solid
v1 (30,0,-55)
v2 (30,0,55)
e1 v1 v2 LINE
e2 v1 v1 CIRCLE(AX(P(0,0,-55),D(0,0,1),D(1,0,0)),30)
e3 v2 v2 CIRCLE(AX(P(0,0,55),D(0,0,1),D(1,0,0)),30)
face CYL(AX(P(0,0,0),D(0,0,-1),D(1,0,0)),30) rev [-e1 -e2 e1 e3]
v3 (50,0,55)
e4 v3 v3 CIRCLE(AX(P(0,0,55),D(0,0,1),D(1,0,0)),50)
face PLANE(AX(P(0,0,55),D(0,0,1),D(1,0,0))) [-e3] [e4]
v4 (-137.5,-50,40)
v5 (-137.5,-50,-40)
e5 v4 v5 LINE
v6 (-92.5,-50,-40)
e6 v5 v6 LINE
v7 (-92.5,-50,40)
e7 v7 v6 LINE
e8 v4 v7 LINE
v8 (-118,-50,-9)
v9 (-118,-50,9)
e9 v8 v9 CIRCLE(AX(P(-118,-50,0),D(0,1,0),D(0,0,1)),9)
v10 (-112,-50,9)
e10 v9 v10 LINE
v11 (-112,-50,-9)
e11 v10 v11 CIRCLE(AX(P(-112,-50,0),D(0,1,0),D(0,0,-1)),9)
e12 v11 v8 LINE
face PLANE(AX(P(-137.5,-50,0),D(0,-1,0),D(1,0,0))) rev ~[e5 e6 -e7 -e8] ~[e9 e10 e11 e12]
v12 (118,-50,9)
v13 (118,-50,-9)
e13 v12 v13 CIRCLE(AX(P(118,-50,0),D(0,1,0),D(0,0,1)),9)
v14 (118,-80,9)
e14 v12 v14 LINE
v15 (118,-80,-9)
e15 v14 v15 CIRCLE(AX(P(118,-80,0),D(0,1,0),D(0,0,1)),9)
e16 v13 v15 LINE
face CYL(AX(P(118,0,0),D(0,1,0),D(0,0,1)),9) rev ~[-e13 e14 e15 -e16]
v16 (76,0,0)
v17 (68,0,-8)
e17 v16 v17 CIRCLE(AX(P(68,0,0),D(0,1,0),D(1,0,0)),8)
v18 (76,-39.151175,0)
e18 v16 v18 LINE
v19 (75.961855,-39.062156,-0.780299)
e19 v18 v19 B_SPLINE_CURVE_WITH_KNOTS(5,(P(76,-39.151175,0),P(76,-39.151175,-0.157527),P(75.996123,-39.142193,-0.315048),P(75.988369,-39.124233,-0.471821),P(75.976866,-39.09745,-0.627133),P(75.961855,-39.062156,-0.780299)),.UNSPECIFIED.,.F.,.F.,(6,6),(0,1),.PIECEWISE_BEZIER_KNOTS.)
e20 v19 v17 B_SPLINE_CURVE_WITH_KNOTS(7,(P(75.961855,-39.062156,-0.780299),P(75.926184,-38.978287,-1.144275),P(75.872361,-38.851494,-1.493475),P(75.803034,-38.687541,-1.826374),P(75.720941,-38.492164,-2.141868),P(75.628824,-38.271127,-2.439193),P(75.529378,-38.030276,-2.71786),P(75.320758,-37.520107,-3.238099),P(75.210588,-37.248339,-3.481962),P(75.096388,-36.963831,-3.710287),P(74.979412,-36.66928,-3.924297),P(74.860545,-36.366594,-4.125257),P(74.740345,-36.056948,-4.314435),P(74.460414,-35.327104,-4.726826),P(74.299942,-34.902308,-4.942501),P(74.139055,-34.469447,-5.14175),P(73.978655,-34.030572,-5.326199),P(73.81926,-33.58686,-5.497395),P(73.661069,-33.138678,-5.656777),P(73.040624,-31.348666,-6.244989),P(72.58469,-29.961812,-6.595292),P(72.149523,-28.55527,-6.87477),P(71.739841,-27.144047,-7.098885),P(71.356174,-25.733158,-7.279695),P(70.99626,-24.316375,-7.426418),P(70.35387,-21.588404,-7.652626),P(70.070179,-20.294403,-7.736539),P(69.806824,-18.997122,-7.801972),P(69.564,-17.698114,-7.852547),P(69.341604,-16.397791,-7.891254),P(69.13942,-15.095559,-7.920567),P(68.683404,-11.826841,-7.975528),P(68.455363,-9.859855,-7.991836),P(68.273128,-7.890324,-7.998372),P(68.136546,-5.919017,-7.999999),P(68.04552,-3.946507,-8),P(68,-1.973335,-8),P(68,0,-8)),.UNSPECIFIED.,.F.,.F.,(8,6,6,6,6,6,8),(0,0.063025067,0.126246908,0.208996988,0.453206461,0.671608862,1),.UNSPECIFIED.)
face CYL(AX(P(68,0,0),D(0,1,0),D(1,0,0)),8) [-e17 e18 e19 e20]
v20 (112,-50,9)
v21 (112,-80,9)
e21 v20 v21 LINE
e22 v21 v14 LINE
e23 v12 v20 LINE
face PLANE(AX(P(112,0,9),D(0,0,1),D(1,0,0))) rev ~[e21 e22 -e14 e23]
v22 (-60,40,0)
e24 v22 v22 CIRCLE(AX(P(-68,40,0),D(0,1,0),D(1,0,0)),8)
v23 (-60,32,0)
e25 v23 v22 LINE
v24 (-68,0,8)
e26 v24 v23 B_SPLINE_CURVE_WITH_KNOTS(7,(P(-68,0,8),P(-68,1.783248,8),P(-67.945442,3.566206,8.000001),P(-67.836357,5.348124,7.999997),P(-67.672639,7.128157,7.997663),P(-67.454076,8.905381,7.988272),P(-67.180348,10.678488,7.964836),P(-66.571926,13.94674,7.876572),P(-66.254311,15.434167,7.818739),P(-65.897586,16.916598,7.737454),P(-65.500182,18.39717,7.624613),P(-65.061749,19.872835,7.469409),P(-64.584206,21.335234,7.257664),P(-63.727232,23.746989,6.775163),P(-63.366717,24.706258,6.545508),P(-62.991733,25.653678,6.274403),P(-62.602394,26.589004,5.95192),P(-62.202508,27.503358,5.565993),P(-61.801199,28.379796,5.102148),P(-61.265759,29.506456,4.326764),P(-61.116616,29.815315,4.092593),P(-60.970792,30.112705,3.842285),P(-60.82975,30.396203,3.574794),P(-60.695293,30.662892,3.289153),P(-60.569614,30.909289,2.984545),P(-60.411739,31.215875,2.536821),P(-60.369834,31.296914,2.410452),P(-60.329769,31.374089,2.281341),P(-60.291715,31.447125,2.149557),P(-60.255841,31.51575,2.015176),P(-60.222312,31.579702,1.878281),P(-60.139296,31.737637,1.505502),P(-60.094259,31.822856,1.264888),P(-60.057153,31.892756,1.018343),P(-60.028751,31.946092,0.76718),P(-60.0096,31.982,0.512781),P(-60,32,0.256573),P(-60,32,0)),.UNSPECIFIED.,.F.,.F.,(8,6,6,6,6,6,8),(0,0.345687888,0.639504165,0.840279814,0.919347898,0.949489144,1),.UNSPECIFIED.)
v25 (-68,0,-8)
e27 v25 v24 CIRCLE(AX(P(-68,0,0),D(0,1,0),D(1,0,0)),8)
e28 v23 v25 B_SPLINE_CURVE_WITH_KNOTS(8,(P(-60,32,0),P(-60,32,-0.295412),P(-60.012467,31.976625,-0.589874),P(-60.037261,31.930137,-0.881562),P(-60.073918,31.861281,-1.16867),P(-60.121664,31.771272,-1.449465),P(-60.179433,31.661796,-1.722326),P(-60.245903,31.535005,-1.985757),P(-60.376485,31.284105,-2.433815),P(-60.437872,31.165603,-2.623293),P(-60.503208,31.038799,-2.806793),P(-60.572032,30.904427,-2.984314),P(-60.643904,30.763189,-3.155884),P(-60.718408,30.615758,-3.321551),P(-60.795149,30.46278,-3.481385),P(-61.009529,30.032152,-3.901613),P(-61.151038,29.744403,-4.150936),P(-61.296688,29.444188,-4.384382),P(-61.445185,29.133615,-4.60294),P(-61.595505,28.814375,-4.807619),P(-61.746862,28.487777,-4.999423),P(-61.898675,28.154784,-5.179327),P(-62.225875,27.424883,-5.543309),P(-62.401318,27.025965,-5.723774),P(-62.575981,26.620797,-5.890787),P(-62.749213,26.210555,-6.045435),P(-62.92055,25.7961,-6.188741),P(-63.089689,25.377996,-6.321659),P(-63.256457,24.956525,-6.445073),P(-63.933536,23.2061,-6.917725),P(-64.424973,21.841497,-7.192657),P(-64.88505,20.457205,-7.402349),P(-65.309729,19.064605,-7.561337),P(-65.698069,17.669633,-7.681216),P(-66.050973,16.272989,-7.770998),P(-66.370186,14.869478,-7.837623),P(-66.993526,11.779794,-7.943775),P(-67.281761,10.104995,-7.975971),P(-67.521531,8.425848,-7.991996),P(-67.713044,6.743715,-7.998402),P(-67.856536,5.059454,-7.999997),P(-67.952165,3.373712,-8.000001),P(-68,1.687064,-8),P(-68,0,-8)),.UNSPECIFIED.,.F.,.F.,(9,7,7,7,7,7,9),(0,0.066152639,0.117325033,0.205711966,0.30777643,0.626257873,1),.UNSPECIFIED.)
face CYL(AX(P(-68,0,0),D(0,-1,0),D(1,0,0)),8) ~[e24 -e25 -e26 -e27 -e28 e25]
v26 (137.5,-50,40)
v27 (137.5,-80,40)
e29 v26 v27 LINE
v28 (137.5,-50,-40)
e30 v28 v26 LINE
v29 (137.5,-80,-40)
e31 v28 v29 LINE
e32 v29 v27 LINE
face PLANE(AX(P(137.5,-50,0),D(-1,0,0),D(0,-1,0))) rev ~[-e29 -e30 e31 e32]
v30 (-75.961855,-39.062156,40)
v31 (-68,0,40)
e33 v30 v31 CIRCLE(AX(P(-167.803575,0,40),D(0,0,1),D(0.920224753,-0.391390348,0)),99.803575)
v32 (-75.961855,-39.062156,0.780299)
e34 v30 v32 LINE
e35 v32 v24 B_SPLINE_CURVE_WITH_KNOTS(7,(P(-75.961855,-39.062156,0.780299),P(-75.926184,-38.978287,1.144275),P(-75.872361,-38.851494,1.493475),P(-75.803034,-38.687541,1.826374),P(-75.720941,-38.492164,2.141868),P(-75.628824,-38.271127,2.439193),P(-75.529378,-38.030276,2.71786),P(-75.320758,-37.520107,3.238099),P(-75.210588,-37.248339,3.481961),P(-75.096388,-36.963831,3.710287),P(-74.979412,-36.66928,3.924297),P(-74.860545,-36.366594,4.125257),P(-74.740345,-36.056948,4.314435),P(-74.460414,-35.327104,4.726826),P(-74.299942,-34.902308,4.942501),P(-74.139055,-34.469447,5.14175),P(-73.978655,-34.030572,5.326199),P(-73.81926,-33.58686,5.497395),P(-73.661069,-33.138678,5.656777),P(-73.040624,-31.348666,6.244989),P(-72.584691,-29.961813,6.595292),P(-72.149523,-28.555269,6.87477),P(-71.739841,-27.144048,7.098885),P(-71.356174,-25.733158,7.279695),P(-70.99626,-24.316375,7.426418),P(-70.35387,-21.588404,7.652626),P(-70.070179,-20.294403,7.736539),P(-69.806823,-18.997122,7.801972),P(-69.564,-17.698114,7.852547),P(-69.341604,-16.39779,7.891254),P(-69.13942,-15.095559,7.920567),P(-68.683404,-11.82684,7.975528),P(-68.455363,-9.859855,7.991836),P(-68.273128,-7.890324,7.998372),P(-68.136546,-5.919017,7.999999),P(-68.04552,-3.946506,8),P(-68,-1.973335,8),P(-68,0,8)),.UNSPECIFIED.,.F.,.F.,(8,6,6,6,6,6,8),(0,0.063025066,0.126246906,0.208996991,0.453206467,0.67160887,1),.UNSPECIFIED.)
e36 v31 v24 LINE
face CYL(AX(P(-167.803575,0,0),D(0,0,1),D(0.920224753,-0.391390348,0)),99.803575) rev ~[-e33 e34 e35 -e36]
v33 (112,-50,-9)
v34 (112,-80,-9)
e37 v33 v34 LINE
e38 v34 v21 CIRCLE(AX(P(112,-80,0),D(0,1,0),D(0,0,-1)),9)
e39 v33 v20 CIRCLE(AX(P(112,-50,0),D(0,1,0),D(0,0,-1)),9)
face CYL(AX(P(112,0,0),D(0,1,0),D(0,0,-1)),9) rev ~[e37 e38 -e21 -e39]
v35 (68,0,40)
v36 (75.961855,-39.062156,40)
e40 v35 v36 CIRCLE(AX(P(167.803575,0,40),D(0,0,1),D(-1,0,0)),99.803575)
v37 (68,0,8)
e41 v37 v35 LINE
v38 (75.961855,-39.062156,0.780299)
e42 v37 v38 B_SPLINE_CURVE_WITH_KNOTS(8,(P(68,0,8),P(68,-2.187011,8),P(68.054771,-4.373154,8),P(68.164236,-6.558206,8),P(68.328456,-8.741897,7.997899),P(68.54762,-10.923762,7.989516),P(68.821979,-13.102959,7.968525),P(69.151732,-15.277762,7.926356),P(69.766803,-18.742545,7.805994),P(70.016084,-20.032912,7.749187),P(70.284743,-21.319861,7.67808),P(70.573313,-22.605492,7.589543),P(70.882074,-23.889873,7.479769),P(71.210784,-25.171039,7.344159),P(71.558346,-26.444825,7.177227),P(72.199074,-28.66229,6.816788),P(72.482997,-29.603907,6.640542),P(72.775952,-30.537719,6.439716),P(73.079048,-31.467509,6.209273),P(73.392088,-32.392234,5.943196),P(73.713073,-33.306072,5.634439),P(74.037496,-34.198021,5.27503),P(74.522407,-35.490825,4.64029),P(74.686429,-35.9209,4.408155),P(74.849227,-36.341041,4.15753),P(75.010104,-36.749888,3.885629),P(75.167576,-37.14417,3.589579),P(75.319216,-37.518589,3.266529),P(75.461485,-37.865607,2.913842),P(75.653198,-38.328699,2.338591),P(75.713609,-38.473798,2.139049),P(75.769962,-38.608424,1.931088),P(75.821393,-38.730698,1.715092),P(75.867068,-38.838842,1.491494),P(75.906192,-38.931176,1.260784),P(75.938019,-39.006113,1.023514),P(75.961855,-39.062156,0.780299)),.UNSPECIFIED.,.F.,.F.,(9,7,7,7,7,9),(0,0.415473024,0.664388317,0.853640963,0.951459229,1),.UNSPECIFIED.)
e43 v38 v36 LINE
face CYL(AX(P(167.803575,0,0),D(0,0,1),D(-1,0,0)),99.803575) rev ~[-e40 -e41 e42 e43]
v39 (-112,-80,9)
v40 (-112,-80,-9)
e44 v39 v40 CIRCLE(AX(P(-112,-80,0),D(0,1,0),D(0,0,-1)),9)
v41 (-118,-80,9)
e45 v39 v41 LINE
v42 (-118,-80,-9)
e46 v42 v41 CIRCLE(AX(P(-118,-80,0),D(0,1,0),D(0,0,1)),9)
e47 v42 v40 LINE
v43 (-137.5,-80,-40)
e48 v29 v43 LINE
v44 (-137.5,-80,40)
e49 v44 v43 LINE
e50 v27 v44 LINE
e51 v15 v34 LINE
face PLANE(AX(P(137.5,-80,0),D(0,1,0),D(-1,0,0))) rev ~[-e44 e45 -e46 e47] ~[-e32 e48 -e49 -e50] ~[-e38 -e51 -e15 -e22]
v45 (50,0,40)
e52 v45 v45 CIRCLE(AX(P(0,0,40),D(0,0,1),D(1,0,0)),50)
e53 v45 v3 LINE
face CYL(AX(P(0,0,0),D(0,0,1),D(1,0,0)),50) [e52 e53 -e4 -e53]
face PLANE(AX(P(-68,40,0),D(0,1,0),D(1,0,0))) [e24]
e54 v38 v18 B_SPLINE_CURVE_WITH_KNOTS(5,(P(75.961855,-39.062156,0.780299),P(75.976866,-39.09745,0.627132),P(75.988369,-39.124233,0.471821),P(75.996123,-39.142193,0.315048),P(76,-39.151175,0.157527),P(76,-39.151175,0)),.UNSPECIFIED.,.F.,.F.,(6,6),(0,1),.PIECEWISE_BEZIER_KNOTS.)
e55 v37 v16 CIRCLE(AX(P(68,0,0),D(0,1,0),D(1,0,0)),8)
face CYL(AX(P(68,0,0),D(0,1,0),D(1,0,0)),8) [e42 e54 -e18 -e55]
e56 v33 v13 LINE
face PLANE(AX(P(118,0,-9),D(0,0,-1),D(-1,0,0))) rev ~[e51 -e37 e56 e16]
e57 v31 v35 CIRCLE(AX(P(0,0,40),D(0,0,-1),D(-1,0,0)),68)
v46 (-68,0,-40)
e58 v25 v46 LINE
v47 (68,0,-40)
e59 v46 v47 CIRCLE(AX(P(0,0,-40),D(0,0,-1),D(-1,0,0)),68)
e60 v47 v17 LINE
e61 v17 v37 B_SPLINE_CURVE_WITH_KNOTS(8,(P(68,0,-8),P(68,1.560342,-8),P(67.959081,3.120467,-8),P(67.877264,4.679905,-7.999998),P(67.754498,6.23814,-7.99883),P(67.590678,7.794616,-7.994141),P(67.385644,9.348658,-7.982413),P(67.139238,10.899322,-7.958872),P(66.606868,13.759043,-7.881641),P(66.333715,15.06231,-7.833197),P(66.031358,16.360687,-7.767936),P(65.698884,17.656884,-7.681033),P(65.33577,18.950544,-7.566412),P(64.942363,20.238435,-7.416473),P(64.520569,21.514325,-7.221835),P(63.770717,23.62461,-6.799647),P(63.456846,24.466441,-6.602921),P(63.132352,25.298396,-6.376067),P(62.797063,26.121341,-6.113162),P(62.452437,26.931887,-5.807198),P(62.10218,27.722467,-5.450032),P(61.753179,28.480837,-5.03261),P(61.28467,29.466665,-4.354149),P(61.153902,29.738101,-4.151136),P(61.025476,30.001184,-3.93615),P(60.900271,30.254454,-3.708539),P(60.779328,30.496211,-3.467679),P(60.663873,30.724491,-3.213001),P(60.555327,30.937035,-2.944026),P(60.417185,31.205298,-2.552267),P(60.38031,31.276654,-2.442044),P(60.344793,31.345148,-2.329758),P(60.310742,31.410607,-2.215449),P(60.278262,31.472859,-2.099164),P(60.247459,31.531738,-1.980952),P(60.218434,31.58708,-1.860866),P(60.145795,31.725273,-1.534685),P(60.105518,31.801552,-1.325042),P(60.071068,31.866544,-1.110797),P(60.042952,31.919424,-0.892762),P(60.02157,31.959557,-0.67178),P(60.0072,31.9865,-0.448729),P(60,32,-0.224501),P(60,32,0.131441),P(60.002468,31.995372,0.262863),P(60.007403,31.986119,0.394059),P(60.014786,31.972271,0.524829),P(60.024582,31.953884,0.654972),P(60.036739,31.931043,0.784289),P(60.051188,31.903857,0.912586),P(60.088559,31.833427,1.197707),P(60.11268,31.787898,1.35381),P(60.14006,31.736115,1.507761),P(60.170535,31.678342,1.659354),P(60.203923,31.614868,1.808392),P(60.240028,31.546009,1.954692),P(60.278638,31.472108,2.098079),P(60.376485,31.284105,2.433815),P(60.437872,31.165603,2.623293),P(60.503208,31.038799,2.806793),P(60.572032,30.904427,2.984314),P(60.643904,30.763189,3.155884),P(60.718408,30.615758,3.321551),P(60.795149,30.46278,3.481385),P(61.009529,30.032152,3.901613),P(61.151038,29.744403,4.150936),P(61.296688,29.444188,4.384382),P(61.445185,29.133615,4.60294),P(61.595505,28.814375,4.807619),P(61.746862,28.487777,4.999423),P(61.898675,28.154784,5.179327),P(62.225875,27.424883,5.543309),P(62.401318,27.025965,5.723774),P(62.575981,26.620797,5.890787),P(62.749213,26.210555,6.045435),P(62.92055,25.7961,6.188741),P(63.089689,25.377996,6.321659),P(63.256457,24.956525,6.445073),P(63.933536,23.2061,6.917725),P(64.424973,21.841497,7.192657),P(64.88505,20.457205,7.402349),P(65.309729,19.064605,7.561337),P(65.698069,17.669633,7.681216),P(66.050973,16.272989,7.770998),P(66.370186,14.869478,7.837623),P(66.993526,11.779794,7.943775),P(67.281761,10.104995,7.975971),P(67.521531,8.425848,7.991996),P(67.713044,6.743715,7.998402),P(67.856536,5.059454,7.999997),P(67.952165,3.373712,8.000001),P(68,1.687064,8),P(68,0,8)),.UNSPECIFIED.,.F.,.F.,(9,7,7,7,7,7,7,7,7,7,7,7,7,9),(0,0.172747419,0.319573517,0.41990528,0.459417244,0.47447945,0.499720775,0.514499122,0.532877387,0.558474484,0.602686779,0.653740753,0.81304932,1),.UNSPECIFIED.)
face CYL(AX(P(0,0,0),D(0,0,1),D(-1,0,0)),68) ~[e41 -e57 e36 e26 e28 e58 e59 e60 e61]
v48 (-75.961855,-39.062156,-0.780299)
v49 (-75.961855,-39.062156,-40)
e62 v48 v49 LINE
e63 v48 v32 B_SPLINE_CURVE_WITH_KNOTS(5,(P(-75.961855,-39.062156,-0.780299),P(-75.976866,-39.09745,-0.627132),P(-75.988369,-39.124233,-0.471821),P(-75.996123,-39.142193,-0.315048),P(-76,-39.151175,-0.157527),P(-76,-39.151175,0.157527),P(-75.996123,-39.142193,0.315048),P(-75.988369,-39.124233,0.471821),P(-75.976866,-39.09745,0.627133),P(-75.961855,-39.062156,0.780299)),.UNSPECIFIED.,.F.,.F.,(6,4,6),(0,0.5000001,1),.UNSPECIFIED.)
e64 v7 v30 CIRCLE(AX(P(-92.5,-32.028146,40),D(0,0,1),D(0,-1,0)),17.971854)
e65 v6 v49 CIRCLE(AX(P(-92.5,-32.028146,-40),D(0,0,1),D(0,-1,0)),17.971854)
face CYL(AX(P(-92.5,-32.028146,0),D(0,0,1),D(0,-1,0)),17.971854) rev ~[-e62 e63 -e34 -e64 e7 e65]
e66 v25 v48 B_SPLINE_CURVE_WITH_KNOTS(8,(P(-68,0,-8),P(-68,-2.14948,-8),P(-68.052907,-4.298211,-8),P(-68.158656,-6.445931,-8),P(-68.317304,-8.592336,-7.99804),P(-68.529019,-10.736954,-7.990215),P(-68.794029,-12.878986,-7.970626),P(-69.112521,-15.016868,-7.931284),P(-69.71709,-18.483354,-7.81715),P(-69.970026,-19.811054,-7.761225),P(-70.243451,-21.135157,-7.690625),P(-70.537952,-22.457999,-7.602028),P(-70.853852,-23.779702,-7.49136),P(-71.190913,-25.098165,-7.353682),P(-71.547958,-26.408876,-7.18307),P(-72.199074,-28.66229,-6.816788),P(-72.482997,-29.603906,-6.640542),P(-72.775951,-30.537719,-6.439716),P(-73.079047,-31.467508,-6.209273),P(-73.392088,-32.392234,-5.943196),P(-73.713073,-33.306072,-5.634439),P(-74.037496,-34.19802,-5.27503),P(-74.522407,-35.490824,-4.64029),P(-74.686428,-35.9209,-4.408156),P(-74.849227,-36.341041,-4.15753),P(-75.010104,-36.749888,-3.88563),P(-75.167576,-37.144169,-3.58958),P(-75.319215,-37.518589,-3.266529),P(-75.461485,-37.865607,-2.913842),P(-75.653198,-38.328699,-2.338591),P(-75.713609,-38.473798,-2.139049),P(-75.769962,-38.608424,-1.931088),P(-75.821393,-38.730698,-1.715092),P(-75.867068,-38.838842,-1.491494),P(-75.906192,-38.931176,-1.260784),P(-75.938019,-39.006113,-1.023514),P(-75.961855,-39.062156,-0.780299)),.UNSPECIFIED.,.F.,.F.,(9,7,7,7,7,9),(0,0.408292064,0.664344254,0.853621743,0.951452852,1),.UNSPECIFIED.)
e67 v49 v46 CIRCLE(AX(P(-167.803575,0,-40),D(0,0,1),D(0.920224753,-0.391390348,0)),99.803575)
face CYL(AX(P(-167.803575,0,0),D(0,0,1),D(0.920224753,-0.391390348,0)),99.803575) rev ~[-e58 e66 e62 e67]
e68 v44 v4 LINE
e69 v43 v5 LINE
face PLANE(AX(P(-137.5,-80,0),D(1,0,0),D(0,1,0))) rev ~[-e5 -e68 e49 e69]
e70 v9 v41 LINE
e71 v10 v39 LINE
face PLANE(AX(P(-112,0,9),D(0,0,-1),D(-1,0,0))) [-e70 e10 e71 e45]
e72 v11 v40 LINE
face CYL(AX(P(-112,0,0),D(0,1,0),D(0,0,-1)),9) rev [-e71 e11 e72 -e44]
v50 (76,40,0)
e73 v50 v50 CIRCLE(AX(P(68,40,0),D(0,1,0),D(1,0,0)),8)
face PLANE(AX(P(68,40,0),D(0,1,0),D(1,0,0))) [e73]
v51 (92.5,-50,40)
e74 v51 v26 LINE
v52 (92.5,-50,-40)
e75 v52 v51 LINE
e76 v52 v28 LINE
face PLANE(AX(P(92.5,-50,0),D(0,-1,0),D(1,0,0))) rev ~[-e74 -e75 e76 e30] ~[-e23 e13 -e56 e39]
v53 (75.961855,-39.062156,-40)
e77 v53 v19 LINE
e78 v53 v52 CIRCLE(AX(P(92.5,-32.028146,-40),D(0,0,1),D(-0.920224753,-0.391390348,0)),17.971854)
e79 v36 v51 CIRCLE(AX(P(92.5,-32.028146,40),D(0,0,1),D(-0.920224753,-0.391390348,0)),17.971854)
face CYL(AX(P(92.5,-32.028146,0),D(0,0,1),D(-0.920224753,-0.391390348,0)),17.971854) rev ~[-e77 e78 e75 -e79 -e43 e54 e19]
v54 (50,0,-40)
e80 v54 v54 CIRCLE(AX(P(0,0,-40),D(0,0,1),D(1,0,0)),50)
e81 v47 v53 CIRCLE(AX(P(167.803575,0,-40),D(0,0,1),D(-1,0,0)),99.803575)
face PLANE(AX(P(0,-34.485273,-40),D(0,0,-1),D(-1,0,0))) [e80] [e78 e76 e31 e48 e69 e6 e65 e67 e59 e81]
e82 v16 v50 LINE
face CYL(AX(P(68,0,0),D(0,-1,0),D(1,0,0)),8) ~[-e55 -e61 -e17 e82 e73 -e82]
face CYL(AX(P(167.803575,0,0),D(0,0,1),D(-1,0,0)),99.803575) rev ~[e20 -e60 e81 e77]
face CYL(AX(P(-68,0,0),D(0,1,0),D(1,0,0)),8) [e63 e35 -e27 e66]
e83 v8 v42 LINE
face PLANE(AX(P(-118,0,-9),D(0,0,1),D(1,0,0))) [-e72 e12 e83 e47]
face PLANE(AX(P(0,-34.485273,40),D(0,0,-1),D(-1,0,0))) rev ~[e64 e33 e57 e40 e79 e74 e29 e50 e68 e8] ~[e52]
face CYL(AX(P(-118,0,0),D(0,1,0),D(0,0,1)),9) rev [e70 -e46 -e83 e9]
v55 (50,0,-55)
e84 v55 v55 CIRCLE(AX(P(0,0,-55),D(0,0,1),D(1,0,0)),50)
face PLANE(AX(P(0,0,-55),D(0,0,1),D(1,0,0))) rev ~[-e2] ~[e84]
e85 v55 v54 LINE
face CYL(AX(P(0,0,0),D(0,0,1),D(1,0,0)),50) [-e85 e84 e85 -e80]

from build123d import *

# Parameters (mm, degrees)
SKETCH1_R                = 30
BOSS_EXTRUDE1_DEPTH      = 40
SKETCH2_R                = 50
SKETCH2_R_2              = 30
BOSS_EXTRUDE2_DEPTH      = 55
CUT_EXTRUDE1_DEPTH       = 110
SKETCH5_R                = 8
BOSS_EXTRUDE3_DEPTH      = 40
BOSS_EXTRUDE3_DEPTH_BACK = 60


with BuildPart() as part:
    # Sketch1 → Boss-Extrude1 (new body, symmetric)
    with BuildSketch(Plane.XY):
        with BuildLine():
            Line((137.5, -80), (-137.5, -80))
            Line((-137.5, -80), (-137.5, -50))
            Line((-137.5, -50), (-92.5, -50))
            ThreePointArc((-92.5, -50), (-82.586036695, -47.018171653), (-75.961854895, -39.062156056))
            ThreePointArc((-75.961854895, -39.062156056), (-70.010718453, -19.932656428), (-68, 0))
            ThreePointArc((-68, 0), (0, 68), (68, 0))
            ThreePointArc((68, 0), (70.010718453, -19.932656428), (75.961854895, -39.062156056))
            ThreePointArc((75.961854895, -39.062156056), (82.586036695, -47.018171653), (92.5, -50))
            Line((92.5, -50), (137.5, -50))
            Line((137.5, -50), (137.5, -80))
        make_face()
        Circle(SKETCH1_R, mode=Mode.SUBTRACT)
    extrude(amount=BOSS_EXTRUDE1_DEPTH, both=True)

    # Sketch2 → Boss-Extrude2 (add, symmetric)
    with BuildSketch(Plane.XY):
        Circle(SKETCH2_R)
        Circle(SKETCH2_R_2, mode=Mode.SUBTRACT)
    extrude(amount=BOSS_EXTRUDE2_DEPTH, both=True)

    # Sketch3 → Cut-Extrude1 (cut)
    with BuildSketch(Plane(origin=(0, 0, 0), x_dir=(1, 0, 0), z_dir=(0, 1, 0))):
        with BuildLine():
            Line((-118, 9), (-112, 9))
            ThreePointArc((-112, 9), (-103, 0), (-112, -9))
            Line((-112, -9), (-118, -9))
            ThreePointArc((-118, -9), (-127, 0), (-118, 9))
        make_face()
        with BuildLine():
            Line((118, 9), (112, 9))
            ThreePointArc((112, 9), (103, 0), (112, -9))
            Line((112, -9), (118, -9))
            ThreePointArc((118, -9), (127, 0), (118, 9))
        make_face()
    extrude(amount=-CUT_EXTRUDE1_DEPTH, mode=Mode.SUBTRACT)

    # Sketch5 → Boss-Extrude3 (add, two sides)
    with BuildSketch(Plane(origin=(0, 0, 0), x_dir=(1, 0, 0), z_dir=(0, 1, 0))) as boss_extrude3_sk:
        with Locations((-68, 0)):
            Circle(SKETCH5_R)
        with Locations((68, 0)):
            Circle(SKETCH5_R)
    extrude(amount=BOSS_EXTRUDE3_DEPTH)
    extrude(boss_extrude3_sk.sketch, amount=-BOSS_EXTRUDE3_DEPTH_BACK)


solid = part.part
